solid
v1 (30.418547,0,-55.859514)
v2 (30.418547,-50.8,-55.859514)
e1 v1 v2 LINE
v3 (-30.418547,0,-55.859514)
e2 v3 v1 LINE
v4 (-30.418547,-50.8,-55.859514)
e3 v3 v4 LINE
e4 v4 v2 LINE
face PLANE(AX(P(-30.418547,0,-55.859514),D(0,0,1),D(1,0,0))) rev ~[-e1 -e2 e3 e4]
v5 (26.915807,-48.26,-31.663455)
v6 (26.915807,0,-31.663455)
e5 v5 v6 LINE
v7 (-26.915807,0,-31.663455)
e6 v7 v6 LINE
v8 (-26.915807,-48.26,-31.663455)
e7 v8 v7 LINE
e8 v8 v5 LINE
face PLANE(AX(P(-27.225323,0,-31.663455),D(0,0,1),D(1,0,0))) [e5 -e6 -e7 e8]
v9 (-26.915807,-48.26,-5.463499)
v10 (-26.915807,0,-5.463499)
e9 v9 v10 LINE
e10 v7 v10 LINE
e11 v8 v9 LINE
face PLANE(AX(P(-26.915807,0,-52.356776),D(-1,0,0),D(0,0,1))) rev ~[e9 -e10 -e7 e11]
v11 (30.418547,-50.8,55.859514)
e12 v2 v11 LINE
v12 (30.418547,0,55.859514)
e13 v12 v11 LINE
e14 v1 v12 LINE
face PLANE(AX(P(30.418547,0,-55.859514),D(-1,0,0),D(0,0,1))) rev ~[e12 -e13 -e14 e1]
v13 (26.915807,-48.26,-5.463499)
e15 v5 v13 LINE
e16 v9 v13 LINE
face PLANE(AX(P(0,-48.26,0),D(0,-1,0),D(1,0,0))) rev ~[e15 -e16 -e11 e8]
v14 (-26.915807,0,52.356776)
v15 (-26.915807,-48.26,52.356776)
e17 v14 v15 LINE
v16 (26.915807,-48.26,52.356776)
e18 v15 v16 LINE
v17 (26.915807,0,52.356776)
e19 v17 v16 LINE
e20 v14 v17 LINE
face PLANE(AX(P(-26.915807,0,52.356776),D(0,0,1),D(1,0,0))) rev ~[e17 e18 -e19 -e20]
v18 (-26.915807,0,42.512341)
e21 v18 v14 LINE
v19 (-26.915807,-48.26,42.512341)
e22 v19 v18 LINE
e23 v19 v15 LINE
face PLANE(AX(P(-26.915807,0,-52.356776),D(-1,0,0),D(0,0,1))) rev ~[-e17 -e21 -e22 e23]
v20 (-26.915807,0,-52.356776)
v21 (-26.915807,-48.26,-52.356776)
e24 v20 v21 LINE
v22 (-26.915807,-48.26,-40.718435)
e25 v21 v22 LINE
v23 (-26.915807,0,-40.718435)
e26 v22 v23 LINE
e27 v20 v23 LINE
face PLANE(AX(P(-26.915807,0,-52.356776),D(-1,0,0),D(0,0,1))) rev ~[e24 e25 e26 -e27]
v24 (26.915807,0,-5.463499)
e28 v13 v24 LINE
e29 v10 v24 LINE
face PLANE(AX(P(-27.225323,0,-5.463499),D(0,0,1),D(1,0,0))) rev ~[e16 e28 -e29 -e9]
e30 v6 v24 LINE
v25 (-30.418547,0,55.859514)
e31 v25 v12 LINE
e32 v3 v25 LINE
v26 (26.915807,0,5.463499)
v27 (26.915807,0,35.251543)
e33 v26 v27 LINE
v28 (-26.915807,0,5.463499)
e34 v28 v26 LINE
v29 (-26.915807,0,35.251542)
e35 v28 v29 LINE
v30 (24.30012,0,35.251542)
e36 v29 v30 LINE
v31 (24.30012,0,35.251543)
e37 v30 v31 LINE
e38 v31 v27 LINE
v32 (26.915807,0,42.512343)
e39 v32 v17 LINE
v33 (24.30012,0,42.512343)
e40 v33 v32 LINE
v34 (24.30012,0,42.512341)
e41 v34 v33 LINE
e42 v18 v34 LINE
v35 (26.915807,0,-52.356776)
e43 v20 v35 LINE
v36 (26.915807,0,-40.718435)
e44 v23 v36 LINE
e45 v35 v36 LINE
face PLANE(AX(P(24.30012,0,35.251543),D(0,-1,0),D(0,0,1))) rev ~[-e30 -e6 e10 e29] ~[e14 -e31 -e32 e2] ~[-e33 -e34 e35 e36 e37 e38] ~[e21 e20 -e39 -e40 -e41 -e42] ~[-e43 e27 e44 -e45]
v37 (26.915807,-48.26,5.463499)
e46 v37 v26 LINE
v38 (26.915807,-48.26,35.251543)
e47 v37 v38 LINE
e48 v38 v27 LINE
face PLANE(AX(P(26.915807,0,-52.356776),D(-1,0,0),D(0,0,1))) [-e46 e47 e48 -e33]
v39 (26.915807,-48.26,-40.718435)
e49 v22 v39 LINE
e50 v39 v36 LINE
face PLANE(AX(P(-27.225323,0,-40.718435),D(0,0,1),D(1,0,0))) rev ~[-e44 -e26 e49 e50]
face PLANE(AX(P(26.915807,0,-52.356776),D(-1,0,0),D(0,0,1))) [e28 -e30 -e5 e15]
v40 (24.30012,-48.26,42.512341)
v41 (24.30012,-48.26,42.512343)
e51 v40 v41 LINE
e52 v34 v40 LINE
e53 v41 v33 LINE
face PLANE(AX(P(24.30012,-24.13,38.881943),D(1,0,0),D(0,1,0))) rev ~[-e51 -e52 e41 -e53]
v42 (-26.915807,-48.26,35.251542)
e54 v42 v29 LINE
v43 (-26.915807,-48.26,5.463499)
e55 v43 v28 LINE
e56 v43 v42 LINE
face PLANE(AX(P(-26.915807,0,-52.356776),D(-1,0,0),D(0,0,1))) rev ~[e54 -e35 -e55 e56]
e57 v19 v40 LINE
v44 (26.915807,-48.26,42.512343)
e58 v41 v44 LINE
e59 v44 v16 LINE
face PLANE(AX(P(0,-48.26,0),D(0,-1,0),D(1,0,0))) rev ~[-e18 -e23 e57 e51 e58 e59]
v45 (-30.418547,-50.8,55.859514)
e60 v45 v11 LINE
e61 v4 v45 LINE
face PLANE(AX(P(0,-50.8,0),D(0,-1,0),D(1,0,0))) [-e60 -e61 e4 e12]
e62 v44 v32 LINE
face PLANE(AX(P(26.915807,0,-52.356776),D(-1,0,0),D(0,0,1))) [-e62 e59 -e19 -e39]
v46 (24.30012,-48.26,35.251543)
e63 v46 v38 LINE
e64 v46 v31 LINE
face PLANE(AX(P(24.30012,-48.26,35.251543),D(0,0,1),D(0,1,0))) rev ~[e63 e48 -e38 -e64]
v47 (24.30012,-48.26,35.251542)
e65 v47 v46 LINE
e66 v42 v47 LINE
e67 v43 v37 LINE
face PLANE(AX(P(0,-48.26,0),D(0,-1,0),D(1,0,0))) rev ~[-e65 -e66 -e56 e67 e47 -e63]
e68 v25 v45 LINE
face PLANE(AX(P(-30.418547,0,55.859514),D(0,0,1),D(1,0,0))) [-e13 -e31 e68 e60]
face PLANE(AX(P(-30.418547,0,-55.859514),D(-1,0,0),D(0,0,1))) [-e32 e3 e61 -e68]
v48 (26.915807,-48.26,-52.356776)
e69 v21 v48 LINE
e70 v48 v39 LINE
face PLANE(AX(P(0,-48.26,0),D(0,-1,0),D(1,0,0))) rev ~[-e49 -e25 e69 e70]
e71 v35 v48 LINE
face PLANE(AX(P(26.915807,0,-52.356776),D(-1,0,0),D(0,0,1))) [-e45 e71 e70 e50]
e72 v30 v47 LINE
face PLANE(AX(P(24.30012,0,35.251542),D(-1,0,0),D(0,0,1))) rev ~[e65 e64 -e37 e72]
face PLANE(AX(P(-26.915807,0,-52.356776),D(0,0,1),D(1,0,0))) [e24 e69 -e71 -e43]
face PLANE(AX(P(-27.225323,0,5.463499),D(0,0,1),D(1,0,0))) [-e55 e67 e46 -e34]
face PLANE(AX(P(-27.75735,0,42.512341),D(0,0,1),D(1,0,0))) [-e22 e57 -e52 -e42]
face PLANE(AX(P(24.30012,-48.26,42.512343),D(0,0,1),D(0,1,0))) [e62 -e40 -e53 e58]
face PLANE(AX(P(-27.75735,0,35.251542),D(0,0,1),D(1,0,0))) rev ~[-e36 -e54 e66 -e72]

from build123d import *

# Parameters (mm, degrees)
F0_W      = 60.837094
F0_H      = 111.719028
F1_DEPTH  = 50.8
F2_W      = 53.831614
F2_H      = 104.713552
F3_DEPTH  = 48.26
F4_W      = 52.05747
F4_H      = 7.260799
F4_W_2    = 54.450646
F4_H_2    = 10.926998
F4_H_3    = 9.054981
F5_DEPTH  = 48.26
F5_FACE_W = 48.26
F5_FACE_H = 7.2608
F6_DEPTH  = 5.08


with BuildPart() as f1:
    # F0 (on Front) → F1 (new body)
    with BuildSketch(Plane.XZ):
        Rectangle(F0_W, F0_H)
    extrude(amount=F1_DEPTH)

    # F2 (on Front) → F3 (cut)
    with BuildSketch(Plane.XZ):
        Rectangle(F2_W, F2_H)
    extrude(amount=F3_DEPTH, mode=Mode.SUBTRACT)

    # F4 (on Front) → F5 (join)
    with BuildSketch(Plane.XZ):
        with Locations((-1.728615, 38.881942)):
            Rectangle(F4_W, F4_H)
        Rectangle(F4_W_2, F4_H_2)
        with Locations((0, -36.190945)):
            Rectangle(F4_W_2, F4_H_3)
    extrude(amount=F5_DEPTH)

    # F5_face (on face) → F6 (join)
    with BuildSketch(Plane(origin=(24.30012, -24.13, 38.881943), x_dir=(0, 1, 0), z_dir=(1, 0, 0))):
        Rectangle(F5_FACE_W, F5_FACE_H)
    extrude(amount=F6_DEPTH)


solid = f1.part
